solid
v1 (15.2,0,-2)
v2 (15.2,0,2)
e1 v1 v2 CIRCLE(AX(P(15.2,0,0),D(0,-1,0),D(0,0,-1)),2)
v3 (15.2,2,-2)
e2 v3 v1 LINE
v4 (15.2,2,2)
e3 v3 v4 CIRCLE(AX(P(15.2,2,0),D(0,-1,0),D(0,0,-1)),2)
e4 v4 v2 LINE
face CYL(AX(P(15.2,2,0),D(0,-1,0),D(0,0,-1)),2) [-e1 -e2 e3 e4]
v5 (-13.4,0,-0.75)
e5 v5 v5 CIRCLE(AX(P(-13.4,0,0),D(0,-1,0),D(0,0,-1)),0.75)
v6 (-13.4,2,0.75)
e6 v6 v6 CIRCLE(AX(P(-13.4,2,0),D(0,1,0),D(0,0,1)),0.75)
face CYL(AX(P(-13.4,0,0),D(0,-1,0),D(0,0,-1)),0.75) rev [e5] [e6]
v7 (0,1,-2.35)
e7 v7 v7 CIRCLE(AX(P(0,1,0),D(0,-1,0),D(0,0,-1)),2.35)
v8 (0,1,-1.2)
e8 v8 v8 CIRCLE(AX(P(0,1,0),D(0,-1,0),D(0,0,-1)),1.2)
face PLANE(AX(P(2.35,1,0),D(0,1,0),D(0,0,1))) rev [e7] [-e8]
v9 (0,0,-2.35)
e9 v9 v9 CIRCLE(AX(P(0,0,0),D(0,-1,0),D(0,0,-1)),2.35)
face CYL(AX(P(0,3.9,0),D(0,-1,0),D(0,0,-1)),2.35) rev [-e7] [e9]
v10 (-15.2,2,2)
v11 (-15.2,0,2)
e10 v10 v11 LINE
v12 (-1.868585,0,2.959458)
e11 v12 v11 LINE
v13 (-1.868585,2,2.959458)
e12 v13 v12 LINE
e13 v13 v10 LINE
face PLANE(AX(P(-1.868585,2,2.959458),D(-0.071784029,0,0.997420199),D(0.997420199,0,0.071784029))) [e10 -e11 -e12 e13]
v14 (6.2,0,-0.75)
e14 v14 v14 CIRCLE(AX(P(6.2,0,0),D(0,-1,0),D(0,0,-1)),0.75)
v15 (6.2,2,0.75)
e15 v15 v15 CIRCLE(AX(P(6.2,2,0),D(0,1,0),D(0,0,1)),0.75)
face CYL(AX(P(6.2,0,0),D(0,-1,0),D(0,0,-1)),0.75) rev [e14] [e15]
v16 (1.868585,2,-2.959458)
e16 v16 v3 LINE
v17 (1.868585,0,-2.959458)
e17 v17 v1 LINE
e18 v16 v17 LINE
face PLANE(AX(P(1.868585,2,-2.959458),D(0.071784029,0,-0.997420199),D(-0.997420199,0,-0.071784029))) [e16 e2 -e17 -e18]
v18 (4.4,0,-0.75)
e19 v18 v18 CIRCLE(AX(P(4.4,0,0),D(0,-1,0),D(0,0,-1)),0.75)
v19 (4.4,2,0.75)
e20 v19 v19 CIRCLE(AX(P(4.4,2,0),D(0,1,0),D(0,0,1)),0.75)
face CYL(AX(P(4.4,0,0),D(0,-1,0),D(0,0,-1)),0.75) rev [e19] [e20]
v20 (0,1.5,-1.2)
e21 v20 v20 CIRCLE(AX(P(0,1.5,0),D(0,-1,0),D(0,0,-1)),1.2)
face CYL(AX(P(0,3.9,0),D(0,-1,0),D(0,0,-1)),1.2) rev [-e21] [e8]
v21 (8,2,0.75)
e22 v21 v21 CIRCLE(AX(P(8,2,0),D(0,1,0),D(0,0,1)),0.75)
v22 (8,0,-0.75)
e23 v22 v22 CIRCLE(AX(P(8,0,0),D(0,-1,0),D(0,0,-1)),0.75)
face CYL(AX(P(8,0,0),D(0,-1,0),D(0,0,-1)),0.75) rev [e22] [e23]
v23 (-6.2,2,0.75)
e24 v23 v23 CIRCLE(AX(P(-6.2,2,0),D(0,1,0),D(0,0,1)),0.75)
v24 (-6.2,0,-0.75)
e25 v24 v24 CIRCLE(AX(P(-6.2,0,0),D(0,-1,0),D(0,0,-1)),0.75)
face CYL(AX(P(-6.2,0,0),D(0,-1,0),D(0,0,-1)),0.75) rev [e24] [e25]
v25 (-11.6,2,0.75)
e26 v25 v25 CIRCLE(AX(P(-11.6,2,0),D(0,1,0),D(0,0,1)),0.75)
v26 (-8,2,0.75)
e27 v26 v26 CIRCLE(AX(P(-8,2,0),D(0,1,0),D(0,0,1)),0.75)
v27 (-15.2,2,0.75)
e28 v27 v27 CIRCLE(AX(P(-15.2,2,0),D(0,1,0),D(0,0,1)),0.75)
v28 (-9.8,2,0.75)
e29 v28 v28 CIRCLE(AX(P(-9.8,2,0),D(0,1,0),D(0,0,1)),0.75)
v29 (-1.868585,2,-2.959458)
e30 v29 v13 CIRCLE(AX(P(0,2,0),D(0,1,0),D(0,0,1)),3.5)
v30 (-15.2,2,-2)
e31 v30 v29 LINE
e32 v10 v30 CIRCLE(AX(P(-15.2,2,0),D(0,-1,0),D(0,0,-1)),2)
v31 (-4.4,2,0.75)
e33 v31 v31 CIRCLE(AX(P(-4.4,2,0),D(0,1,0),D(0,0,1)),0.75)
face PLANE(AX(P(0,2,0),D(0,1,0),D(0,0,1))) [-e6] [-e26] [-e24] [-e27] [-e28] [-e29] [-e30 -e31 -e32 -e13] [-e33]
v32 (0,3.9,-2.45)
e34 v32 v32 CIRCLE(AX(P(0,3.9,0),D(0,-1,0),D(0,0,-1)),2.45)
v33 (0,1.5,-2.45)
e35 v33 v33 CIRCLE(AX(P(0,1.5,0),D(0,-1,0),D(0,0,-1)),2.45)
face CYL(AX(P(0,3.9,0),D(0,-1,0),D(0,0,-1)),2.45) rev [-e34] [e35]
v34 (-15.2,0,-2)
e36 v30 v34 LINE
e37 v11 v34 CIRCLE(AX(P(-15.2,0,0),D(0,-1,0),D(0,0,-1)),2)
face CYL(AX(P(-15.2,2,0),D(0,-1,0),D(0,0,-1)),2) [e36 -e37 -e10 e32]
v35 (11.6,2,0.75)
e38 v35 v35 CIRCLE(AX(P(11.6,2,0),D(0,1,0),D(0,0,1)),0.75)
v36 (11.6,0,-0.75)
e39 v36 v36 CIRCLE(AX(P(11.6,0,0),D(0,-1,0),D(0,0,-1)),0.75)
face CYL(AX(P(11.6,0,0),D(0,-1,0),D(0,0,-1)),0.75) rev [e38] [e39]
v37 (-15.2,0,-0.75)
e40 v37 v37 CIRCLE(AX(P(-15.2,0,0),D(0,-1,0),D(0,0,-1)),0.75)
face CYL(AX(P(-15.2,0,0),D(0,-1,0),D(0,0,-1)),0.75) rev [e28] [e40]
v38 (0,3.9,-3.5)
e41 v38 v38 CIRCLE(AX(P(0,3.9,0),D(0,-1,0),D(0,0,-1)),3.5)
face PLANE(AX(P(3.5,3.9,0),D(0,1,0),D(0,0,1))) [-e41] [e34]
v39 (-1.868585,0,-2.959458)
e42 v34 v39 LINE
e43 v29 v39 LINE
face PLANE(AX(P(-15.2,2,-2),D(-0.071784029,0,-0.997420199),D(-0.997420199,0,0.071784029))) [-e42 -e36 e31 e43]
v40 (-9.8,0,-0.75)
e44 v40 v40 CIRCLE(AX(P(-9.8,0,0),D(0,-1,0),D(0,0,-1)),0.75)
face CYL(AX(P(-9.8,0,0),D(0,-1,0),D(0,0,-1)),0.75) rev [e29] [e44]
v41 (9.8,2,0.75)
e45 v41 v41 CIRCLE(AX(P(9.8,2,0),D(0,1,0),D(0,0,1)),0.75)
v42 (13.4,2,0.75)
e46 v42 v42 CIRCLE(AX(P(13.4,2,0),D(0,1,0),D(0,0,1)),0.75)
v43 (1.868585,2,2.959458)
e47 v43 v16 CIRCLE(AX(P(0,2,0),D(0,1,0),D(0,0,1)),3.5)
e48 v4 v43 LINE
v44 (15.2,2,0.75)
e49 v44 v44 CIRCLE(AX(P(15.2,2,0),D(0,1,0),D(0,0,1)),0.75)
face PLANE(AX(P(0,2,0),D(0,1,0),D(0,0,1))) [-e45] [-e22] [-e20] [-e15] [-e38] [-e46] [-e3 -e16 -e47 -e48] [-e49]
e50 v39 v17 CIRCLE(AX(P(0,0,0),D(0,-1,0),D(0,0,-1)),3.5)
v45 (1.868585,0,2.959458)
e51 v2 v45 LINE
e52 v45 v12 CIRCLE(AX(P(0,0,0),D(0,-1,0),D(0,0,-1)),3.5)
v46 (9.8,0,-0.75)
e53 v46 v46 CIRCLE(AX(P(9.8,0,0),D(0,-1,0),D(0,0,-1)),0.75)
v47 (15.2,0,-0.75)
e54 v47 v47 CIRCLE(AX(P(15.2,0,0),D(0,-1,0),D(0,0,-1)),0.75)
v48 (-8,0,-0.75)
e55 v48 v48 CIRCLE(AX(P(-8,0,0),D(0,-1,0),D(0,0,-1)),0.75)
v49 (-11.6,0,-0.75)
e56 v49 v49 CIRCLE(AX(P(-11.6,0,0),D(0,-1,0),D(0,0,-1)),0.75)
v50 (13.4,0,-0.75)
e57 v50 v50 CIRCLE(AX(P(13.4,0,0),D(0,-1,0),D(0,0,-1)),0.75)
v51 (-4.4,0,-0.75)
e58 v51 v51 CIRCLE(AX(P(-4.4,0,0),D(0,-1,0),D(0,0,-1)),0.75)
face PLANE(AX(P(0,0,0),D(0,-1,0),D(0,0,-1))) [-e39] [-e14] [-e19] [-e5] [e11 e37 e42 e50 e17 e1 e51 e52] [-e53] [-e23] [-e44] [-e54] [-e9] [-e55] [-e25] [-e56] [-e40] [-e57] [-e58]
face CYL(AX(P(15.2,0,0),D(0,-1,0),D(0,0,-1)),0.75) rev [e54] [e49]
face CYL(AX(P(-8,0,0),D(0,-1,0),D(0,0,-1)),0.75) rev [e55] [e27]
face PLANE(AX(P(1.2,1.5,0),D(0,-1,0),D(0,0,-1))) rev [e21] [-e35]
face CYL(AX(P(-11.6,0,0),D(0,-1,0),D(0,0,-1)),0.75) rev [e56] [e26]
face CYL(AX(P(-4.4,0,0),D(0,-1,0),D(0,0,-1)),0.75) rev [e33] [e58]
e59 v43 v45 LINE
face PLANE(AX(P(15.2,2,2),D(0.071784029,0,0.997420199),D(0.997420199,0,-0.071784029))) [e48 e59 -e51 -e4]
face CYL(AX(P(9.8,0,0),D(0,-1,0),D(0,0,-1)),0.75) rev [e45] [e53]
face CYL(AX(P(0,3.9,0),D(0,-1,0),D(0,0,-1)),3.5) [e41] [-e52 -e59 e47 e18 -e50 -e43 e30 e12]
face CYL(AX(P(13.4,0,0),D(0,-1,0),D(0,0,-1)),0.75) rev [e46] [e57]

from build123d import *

# Parameters (mm, degrees)
SKETCH1_W             = 3.5
SKETCH1_H             = 3.9
BOSS_EXTRUDE1_START   = -2
BOSS_EXTRUDE1_DEPTH   = 2
BOSS_EXTRUDE2_START   = -2
BOSS_EXTRUDE2_DEPTH   = 2
F_1_5MM_DOWEL_HOLE1_D = 1.5


with BuildPart() as part:
    # Sketch1 → Revolve1 (revolve)
    with BuildSketch(Plane.XY, mode=Mode.PRIVATE) as revolve1_sk:
        with Locations((1.75, 1.95)):
            Rectangle(SKETCH1_W, SKETCH1_H)
    revolve(revolve1_sk.sketch.rotate(Axis((0, 3.9, 0), (0, -1, 0)), 270), axis=Axis((0, 3.9, 0), (0, -1, 0)))

    # Sketch2 → Boss-Extrude1 (add)
    with BuildSketch(Plane.XZ.offset(BOSS_EXTRUDE1_START)):
        with BuildLine():
            Line((-1.868584713, 2.959457918), (-15.2, 2))
            ThreePointArc((-15.2, 2), (-17.2, 0), (-15.2, -2))
            Line((-15.2, -2), (-1.868584713, -2.959457918))
            ThreePointArc((-1.868584713, -2.959457918), (-3.5, 0), (-1.868584713, 2.959457918))
        make_face()
    extrude(amount=BOSS_EXTRUDE1_DEPTH)

    # Sketch3 → Boss-Extrude2 (add)
    with BuildSketch(Plane.XZ.offset(BOSS_EXTRUDE2_START)):
        with BuildLine():
            Line((1.868584713, -2.959457918), (15.2, -2))
            ThreePointArc((15.2, -2), (17.2, 0), (15.2, 2))
            Line((15.2, 2), (1.868584713, 2.959457918))
            ThreePointArc((1.868584713, 2.959457918), (3.5, 0), (1.868584713, -2.959457918))
        make_face()
    extrude(amount=BOSS_EXTRUDE2_DEPTH)

    # Sketch4 → Cut-Revolve1 (revolve, cut)
    with BuildSketch(Plane.XY, mode=Mode.PRIVATE) as cut_revolve1_sk:
        Polygon((2.45, 3.9), (0, 3.9), (0, 0), (2.35, 0), (2.35, 1), (1.2, 1), (1.2, 1.5), (2.45, 1.5), align=None)
    revolve(cut_revolve1_sk.sketch.rotate(Axis((0, 3.9, 0), (0, -1, 0)), 270), axis=Axis((0, 3.9, 0), (0, -1, 0)), mode=Mode.SUBTRACT)

    # Ø1.5mm Dowel Hole1 (through all)
    with Locations(Plane(origin=(0, 0, 0), x_dir=(-1, 0, 0), z_dir=(0, -1, 0))):
        with Locations((15.2, 0), (-15.2, 0), (13.4, 0), (11.6, 0), (9.8, 0), (8, 0), (6.2, 0), (4.4, 0), (-13.4, 0), (-11.6, 0), (-9.8, 0), (-8, 0), (-6.2, 0), (-4.4, 0)):
            Hole(F_1_5MM_DOWEL_HOLE1_D / 2)


solid = part.part
